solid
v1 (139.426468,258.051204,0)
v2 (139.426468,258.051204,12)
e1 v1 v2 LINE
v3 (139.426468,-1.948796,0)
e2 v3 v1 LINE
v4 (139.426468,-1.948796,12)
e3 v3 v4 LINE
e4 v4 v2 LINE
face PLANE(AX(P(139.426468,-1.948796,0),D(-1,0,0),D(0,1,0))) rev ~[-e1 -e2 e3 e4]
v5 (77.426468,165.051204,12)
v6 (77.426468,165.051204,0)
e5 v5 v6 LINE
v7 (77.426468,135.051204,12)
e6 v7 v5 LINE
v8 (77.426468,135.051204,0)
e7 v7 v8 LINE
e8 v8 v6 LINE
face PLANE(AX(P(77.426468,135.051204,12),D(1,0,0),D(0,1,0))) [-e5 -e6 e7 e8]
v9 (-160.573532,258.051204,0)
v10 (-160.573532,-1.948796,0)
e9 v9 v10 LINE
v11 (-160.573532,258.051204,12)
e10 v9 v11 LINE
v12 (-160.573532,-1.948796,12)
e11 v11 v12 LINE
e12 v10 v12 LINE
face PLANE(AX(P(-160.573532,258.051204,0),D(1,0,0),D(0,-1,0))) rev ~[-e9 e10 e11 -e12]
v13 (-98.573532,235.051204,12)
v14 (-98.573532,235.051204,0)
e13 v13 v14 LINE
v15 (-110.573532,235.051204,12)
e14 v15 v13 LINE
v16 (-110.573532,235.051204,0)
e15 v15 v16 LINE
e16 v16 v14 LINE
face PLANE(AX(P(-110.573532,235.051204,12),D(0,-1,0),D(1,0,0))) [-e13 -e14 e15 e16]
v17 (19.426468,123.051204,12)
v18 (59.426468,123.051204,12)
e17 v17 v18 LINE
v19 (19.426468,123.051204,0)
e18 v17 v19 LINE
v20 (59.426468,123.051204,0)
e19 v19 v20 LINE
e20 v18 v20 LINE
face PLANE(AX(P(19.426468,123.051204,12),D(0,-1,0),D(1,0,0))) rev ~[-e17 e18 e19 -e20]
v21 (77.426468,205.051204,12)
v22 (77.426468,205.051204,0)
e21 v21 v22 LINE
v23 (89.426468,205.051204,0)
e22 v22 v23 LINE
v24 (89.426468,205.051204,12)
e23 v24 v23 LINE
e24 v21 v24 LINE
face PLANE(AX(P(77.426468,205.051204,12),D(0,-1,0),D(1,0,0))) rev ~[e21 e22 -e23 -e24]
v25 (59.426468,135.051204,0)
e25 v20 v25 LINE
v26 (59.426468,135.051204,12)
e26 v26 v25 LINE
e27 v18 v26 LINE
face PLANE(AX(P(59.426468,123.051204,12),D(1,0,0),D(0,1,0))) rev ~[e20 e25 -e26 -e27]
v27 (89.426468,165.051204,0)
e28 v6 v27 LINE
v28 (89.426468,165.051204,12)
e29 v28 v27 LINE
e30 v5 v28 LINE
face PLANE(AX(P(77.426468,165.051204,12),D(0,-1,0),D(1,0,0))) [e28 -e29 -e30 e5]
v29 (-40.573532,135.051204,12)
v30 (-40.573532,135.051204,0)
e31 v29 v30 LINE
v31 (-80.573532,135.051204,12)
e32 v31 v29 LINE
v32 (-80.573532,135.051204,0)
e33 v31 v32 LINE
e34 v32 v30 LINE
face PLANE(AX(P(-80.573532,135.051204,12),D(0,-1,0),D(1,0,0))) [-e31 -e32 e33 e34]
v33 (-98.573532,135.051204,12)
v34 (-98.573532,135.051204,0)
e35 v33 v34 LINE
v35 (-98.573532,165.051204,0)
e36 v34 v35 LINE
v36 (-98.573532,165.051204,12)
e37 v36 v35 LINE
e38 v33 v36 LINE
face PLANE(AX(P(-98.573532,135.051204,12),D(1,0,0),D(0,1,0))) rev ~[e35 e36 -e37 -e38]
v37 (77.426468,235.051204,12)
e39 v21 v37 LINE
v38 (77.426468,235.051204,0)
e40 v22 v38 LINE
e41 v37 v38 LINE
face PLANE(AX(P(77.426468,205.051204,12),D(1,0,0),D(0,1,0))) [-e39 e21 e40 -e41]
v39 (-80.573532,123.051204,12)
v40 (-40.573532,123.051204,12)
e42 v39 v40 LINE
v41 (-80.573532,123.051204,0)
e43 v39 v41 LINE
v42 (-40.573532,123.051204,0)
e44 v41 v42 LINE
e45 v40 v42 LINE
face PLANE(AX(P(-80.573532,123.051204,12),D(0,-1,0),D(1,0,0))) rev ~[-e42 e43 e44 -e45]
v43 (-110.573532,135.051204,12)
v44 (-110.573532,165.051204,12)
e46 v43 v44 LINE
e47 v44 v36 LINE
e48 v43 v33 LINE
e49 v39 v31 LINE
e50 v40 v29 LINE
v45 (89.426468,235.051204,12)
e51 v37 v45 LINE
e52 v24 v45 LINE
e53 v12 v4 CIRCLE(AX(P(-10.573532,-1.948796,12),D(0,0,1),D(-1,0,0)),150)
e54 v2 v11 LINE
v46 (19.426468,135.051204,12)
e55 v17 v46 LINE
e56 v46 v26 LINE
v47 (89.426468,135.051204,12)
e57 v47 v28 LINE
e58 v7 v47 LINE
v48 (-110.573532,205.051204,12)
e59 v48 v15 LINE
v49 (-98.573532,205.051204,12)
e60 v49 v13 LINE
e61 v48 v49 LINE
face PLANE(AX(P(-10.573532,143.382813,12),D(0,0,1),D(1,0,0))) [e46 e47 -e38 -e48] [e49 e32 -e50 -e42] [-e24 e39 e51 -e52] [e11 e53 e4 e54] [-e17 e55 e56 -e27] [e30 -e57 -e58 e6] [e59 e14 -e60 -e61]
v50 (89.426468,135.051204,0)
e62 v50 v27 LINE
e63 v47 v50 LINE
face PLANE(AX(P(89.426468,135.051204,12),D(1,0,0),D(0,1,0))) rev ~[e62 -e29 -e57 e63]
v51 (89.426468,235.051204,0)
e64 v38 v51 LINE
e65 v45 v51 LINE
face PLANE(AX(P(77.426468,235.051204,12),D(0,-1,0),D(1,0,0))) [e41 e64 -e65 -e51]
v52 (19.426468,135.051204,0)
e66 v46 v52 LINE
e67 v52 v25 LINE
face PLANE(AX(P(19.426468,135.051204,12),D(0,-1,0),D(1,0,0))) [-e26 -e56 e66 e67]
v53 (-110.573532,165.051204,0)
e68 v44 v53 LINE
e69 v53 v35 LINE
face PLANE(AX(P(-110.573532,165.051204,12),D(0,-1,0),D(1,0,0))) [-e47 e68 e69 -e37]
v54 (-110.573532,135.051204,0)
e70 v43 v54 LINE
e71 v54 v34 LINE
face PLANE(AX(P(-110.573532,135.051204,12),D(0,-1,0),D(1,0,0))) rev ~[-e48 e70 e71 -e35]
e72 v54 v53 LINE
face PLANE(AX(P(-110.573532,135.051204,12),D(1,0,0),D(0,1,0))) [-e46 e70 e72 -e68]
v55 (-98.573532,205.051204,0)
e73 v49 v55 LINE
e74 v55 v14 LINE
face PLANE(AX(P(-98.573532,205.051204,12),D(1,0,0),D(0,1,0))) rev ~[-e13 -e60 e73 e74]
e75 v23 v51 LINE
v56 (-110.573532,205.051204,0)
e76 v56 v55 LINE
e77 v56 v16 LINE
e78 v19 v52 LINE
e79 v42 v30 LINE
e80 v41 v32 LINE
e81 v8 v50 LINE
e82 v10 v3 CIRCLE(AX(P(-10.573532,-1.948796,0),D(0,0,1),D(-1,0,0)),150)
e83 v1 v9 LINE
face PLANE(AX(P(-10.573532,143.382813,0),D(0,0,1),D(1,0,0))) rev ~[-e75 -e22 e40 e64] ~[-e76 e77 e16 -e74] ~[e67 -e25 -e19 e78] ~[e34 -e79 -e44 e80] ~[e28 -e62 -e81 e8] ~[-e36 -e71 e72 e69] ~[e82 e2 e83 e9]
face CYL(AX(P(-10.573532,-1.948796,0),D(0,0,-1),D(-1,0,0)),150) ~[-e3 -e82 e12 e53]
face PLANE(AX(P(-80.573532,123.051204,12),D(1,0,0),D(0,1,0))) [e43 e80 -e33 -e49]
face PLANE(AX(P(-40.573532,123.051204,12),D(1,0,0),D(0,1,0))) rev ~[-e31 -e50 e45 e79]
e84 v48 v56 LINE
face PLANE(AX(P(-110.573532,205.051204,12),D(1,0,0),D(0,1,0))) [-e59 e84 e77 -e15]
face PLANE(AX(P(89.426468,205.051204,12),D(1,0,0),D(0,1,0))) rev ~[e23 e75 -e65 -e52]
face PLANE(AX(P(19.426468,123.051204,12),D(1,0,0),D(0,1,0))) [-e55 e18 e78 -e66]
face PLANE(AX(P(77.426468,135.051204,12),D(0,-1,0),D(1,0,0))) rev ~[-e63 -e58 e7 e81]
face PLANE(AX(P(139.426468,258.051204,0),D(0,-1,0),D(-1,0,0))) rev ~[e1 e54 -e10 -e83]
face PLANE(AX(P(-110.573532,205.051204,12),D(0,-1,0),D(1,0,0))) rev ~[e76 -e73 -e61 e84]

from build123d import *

# Parameters (mm, degrees)
F2_DEPTH = 12
F3_W     = 12
F3_H     = 30
F3_W_2   = 40
F3_H_2   = 12
F4_DEPTH = 12


with BuildPart() as f2:
    # F1 (on Top) → F2 (new body)
    with BuildSketch(Plane.XY):
        with BuildLine():
            ThreePointArc((-160.573531501, -1.948795747), (-10.573531501, 148.051204253), (139.426468499, -1.948795747))
            Line((139.426468499, -1.948795747), (139.426468499, 258.051204253))
            Line((139.426468499, 258.051204253), (-160.573531501, 258.051204253))
            Line((-160.573531501, 258.051204253), (-160.573531501, -1.948795747))
        make_face()
        with BuildLine():
            ThreePointArc((-160.573531501, -1.948795747), (-10.573531501, -151.948795747), (139.426468499, -1.948795747))
            Line((139.426468499, -1.948795747), (-160.573531501, -1.948795747))
        make_face()
        with BuildLine():
            Line((-160.573531501, -1.948795747), (139.426468499, -1.948795747))
            ThreePointArc((139.426468499, -1.948795747), (-10.573531501, 148.051204253), (-160.573531501, -1.948795747))
        make_face()
    extrude(amount=F2_DEPTH)

    # F3 (on face) → F4 (cut, through all)
    with BuildSketch(Plane.XY.offset(12)):
        with Locations((-104.573531501, 150.051204253)):
            Rectangle(F3_W, F3_H)
        with Locations((-104.573531501, 220.051204253)):
            Rectangle(F3_W, F3_H)
        with Locations((-60.573531501, 129.051204253)):
            Rectangle(F3_W_2, F3_H_2)
        with Locations((83.426468499, 220.051204253)):
            Rectangle(F3_W, F3_H)
        with Locations((39.426468499, 129.051204253)):
            Rectangle(F3_W_2, F3_H_2)
        with Locations((83.426468499, 150.051204253)):
            Rectangle(F3_W, F3_H)
    extrude(amount=-F4_DEPTH, mode=Mode.SUBTRACT)


solid = f2.part
